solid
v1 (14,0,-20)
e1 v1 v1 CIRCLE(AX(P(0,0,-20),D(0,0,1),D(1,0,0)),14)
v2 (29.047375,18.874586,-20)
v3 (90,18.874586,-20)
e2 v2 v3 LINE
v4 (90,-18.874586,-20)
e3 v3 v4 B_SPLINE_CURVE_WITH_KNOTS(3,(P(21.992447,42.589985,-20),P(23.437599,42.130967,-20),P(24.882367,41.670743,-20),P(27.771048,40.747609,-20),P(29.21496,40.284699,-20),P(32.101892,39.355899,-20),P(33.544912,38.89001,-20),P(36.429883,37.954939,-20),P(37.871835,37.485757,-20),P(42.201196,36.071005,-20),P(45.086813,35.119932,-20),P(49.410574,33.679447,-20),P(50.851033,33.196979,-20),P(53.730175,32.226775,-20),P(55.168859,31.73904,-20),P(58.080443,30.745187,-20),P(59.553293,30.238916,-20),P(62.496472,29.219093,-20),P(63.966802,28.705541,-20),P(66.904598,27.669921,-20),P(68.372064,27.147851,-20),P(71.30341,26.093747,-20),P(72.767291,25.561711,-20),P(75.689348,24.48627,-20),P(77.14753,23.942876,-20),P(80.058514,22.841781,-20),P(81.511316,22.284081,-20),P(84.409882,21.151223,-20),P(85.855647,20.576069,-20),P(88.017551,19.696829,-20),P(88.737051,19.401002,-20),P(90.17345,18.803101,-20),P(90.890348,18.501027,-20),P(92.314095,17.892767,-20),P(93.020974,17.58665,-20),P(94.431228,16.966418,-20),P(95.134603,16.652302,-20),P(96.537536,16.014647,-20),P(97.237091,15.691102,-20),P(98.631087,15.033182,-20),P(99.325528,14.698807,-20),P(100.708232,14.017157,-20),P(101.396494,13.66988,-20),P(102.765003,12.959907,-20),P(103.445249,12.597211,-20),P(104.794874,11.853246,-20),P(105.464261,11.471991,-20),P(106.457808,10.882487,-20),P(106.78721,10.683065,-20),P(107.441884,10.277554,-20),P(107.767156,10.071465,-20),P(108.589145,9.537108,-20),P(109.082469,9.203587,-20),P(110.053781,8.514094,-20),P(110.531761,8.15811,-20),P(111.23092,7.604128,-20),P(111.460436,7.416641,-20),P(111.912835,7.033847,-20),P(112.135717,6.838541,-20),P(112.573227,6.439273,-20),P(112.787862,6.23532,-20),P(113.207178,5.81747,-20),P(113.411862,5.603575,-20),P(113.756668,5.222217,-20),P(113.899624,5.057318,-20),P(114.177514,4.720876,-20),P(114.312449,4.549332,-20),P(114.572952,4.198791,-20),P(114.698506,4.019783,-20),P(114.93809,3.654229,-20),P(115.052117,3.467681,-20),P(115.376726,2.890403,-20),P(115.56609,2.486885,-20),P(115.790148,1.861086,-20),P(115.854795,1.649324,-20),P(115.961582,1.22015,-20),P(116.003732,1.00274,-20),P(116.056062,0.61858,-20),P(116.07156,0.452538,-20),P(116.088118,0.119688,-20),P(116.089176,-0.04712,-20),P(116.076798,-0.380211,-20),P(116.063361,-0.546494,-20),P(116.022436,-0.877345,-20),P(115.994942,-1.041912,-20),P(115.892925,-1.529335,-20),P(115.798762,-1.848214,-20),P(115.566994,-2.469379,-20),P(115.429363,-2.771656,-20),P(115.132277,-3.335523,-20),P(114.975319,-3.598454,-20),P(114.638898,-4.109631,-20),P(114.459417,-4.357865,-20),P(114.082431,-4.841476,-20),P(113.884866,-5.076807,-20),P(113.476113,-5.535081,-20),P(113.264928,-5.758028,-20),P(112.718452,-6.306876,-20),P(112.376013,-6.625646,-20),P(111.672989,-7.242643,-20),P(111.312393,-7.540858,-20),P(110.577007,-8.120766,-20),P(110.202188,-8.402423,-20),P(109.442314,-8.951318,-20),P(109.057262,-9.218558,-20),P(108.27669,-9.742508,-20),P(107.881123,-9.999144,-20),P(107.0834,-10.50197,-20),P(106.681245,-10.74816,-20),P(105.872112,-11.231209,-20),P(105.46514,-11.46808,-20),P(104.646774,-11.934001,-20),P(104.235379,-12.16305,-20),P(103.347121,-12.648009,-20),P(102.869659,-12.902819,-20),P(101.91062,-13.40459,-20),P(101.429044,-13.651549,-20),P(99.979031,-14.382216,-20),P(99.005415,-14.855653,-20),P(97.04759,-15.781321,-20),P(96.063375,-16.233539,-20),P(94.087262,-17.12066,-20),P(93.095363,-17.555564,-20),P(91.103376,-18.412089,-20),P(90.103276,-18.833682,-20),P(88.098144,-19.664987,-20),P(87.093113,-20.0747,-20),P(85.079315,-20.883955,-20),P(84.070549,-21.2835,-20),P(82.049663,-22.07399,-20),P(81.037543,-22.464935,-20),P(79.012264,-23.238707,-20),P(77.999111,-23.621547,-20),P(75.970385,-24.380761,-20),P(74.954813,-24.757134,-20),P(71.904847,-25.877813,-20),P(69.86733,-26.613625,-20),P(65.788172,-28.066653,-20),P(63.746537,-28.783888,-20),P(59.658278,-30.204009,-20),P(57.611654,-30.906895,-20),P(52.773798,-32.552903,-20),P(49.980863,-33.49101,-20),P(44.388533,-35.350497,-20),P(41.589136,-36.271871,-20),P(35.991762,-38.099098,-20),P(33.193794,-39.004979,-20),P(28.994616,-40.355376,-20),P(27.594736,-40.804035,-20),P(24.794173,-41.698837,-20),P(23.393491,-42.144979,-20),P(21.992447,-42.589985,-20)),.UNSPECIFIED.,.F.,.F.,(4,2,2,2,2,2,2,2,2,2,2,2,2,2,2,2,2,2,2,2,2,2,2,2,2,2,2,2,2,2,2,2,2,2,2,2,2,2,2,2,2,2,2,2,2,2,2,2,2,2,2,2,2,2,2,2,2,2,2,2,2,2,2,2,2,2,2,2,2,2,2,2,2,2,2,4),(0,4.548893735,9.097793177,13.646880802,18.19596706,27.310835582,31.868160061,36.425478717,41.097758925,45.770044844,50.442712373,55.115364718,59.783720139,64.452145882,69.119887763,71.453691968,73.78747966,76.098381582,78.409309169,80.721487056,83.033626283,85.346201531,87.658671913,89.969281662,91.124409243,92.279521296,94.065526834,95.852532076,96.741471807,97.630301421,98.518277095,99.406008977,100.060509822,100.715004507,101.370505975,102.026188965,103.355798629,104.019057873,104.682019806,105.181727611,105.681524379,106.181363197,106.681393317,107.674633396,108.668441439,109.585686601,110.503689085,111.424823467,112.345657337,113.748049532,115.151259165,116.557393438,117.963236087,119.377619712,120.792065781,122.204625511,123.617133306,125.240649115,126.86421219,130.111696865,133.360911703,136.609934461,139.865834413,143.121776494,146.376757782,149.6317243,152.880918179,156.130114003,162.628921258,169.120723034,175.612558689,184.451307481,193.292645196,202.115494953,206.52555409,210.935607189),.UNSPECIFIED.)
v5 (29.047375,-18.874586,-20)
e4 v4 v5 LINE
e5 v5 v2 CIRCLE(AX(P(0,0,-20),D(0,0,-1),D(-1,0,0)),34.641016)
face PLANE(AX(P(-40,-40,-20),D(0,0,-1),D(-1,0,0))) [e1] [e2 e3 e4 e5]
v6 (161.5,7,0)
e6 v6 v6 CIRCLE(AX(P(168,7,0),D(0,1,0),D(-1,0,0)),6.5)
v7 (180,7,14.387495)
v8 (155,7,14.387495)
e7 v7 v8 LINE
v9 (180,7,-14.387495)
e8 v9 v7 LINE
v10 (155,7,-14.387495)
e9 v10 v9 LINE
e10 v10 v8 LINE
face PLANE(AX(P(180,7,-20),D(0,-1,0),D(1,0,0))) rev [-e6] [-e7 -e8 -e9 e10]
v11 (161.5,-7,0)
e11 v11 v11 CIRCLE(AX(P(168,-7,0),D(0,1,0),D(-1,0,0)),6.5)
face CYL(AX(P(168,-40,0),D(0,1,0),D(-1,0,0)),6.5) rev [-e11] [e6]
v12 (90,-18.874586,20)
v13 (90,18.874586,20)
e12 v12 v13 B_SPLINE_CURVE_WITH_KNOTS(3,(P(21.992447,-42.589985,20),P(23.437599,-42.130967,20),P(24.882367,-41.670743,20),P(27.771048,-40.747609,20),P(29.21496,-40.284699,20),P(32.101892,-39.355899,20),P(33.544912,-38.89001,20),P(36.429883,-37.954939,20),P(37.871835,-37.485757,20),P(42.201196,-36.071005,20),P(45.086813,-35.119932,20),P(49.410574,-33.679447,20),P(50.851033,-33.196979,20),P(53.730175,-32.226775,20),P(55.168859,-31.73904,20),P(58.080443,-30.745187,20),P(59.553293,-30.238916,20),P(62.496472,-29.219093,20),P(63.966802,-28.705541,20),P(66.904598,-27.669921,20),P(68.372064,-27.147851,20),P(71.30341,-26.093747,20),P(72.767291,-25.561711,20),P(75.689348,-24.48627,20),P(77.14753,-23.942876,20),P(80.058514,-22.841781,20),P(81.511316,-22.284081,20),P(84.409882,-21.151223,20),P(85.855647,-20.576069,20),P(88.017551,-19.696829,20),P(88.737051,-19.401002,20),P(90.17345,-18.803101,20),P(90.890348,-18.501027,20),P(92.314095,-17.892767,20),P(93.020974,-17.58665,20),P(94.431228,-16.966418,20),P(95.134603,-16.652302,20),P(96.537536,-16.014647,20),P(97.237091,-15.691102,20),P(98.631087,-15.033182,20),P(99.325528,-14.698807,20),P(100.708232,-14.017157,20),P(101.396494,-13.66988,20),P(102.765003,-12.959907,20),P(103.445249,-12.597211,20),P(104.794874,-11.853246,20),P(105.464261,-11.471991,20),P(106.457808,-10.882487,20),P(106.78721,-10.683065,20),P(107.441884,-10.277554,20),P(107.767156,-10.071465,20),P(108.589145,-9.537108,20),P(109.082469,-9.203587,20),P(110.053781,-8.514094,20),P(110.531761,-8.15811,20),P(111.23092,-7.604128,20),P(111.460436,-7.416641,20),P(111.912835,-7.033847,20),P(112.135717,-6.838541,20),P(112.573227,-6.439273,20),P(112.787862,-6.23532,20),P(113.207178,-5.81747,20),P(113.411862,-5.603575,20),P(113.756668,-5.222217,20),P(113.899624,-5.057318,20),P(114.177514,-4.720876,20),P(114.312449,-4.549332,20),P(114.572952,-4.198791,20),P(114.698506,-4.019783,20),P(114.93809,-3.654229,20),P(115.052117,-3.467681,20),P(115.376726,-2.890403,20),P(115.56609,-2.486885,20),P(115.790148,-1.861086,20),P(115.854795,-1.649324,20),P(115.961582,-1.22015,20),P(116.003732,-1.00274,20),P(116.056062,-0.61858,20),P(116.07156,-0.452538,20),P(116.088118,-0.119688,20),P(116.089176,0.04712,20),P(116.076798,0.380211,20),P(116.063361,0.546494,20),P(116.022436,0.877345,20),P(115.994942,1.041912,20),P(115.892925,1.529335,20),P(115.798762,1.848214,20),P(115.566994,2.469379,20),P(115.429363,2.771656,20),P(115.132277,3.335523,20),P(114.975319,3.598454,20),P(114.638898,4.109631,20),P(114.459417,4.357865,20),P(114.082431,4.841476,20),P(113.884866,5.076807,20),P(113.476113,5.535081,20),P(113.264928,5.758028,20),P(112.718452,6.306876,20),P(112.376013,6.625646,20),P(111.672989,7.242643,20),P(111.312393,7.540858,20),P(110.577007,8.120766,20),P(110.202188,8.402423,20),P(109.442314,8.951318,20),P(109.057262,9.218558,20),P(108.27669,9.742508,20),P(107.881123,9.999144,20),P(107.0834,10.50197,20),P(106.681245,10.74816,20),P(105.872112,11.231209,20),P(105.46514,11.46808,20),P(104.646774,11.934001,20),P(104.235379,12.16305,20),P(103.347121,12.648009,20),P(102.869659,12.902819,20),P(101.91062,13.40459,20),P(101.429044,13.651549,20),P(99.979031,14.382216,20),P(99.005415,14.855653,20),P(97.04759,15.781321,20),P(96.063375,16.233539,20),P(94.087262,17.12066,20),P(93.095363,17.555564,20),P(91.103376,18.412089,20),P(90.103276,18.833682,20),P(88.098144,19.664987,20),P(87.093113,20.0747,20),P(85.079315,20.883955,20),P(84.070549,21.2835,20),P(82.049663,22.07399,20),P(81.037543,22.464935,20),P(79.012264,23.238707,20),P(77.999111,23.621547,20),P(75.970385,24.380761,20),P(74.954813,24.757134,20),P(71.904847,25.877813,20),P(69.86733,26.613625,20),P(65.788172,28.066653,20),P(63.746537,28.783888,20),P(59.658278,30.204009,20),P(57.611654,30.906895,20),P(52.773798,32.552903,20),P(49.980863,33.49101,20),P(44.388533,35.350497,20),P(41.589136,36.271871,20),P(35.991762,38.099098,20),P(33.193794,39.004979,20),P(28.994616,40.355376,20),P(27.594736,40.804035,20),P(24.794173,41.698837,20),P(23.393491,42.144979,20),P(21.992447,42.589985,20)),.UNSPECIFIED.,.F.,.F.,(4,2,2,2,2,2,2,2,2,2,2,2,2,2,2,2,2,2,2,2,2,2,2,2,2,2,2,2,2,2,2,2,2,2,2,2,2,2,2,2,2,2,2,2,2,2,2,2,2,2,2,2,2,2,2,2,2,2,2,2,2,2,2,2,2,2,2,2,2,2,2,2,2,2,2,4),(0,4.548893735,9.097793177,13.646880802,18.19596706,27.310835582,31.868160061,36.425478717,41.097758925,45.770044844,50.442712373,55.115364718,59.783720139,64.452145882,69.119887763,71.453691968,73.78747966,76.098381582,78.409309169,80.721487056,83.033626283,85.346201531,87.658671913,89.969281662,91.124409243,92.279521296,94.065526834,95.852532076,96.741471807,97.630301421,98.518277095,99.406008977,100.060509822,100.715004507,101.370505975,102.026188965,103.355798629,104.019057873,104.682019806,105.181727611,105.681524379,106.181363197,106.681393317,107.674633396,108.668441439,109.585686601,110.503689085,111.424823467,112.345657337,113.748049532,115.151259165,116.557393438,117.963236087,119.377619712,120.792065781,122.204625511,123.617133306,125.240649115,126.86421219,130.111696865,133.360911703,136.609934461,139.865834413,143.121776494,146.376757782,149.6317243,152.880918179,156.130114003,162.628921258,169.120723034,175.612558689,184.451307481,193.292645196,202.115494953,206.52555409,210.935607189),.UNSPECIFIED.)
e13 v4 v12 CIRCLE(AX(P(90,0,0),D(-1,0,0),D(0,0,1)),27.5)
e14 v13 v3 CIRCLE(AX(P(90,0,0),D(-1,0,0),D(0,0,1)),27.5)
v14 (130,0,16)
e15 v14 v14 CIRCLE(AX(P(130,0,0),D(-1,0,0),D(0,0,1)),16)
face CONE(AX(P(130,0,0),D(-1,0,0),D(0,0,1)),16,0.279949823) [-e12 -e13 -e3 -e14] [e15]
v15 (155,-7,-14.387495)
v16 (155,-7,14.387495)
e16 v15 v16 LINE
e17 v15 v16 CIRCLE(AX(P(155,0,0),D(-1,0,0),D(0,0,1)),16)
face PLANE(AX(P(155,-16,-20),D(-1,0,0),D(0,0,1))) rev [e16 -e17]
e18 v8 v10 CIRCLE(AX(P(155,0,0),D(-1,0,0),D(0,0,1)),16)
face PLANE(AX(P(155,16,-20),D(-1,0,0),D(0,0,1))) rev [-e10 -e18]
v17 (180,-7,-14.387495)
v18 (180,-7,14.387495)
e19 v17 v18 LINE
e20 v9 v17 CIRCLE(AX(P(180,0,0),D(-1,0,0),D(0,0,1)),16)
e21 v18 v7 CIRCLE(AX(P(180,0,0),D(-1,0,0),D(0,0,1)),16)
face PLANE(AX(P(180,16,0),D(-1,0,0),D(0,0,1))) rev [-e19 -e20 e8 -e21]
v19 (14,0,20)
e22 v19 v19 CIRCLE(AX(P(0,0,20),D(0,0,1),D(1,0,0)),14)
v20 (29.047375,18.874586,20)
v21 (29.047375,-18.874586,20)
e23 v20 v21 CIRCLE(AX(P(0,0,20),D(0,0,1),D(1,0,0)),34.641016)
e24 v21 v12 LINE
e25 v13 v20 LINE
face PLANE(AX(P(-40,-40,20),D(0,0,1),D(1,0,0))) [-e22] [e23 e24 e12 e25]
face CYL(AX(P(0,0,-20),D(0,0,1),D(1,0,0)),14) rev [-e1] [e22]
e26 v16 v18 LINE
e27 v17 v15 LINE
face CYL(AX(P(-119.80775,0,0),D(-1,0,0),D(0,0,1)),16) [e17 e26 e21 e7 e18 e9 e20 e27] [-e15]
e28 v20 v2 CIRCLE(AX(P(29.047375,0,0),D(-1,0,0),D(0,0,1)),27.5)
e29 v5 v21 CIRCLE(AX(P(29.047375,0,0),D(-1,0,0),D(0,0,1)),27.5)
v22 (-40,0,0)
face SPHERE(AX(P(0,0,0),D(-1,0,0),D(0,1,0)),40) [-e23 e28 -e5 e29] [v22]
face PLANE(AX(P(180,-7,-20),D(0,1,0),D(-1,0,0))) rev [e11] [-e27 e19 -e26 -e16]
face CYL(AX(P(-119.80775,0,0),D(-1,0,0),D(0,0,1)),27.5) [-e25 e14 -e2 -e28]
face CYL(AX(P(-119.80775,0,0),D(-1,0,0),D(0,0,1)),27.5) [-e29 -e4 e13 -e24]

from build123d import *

# Parameters (mm, degrees)
SKETCH_3_OUTSIDE_W       = 271.478
SKETCH_3_OUTSIDE_H       = 131.478
SKETCH_3_OUTSIDE_W_2     = 220
SKETCH_3_OUTSIDE_H_2     = 40
CUT_EXTRUDE_1_DEPTH      = 41
CUT_EXTRUDE_1_DEPTH_BACK = 41
SKETCH_4_R               = 14
SKETCH_4_W               = 25
SKETCH_4_H               = 9
CUT_EXTRUDE_2_DEPTH      = 41
SKETCH_5_R               = 6.5
CUT_EXTRUDE_3_DEPTH      = 48


with BuildPart() as part:
    # 草圖1 → 旋轉1 (revolve)
    with BuildSketch(Plane.XY):
        with BuildLine():
            Line((29.047375097, 27.5), (90, 27.5))
            Line((90, 27.5), (130, 16))
            Line((130, 16), (180, 16))
            Line((180, 16), (180, 0))
            Line((180, 0), (-40, 0))
            ThreePointArc((-40, 0), (-14.800422226, 37.161102001), (29.047375097, 27.5))
        make_face()
    revolve(axis=Axis((-119.807750387, 0, 0), (1, 0, 0)))

    # 草圖3 outside → 除料-伸長1 (cut, two sides)
    with BuildSketch(Plane(origin=(0, 0, 0), x_dir=(1, 0, 0), z_dir=(0, 1, 0))) as cut_extrude_1_sk:
        with Locations((70, 0)):
            Rectangle(SKETCH_3_OUTSIDE_W, SKETCH_3_OUTSIDE_H)
        with Locations((70, 0)):
            Rectangle(SKETCH_3_OUTSIDE_W_2, SKETCH_3_OUTSIDE_H_2, mode=Mode.SUBTRACT)
    extrude(amount=CUT_EXTRUDE_1_DEPTH, mode=Mode.SUBTRACT)
    extrude(cut_extrude_1_sk.sketch, amount=-CUT_EXTRUDE_1_DEPTH_BACK, mode=Mode.SUBTRACT)

    # 草圖4 → 除料-伸長2 (cut, through all)
    with BuildSketch(Plane.XY.offset(20)):
        Circle(SKETCH_4_R)
        with Locations((167.5, 11.5)):
            Rectangle(SKETCH_4_W, SKETCH_4_H)
        with Locations((167.5, -11.5)):
            Rectangle(SKETCH_4_W, SKETCH_4_H)
    extrude(amount=-CUT_EXTRUDE_2_DEPTH, mode=Mode.SUBTRACT)

    # 草圖5 → 除料-伸長3 (cut, through all)
    with BuildSketch(Plane(origin=(0, 7, 0), x_dir=(1, 0, 0), z_dir=(0, 1, 0))):
        with Locations((168, 0)):
            Circle(SKETCH_5_R)
    extrude(amount=-CUT_EXTRUDE_3_DEPTH, mode=Mode.SUBTRACT)


solid = part.part
